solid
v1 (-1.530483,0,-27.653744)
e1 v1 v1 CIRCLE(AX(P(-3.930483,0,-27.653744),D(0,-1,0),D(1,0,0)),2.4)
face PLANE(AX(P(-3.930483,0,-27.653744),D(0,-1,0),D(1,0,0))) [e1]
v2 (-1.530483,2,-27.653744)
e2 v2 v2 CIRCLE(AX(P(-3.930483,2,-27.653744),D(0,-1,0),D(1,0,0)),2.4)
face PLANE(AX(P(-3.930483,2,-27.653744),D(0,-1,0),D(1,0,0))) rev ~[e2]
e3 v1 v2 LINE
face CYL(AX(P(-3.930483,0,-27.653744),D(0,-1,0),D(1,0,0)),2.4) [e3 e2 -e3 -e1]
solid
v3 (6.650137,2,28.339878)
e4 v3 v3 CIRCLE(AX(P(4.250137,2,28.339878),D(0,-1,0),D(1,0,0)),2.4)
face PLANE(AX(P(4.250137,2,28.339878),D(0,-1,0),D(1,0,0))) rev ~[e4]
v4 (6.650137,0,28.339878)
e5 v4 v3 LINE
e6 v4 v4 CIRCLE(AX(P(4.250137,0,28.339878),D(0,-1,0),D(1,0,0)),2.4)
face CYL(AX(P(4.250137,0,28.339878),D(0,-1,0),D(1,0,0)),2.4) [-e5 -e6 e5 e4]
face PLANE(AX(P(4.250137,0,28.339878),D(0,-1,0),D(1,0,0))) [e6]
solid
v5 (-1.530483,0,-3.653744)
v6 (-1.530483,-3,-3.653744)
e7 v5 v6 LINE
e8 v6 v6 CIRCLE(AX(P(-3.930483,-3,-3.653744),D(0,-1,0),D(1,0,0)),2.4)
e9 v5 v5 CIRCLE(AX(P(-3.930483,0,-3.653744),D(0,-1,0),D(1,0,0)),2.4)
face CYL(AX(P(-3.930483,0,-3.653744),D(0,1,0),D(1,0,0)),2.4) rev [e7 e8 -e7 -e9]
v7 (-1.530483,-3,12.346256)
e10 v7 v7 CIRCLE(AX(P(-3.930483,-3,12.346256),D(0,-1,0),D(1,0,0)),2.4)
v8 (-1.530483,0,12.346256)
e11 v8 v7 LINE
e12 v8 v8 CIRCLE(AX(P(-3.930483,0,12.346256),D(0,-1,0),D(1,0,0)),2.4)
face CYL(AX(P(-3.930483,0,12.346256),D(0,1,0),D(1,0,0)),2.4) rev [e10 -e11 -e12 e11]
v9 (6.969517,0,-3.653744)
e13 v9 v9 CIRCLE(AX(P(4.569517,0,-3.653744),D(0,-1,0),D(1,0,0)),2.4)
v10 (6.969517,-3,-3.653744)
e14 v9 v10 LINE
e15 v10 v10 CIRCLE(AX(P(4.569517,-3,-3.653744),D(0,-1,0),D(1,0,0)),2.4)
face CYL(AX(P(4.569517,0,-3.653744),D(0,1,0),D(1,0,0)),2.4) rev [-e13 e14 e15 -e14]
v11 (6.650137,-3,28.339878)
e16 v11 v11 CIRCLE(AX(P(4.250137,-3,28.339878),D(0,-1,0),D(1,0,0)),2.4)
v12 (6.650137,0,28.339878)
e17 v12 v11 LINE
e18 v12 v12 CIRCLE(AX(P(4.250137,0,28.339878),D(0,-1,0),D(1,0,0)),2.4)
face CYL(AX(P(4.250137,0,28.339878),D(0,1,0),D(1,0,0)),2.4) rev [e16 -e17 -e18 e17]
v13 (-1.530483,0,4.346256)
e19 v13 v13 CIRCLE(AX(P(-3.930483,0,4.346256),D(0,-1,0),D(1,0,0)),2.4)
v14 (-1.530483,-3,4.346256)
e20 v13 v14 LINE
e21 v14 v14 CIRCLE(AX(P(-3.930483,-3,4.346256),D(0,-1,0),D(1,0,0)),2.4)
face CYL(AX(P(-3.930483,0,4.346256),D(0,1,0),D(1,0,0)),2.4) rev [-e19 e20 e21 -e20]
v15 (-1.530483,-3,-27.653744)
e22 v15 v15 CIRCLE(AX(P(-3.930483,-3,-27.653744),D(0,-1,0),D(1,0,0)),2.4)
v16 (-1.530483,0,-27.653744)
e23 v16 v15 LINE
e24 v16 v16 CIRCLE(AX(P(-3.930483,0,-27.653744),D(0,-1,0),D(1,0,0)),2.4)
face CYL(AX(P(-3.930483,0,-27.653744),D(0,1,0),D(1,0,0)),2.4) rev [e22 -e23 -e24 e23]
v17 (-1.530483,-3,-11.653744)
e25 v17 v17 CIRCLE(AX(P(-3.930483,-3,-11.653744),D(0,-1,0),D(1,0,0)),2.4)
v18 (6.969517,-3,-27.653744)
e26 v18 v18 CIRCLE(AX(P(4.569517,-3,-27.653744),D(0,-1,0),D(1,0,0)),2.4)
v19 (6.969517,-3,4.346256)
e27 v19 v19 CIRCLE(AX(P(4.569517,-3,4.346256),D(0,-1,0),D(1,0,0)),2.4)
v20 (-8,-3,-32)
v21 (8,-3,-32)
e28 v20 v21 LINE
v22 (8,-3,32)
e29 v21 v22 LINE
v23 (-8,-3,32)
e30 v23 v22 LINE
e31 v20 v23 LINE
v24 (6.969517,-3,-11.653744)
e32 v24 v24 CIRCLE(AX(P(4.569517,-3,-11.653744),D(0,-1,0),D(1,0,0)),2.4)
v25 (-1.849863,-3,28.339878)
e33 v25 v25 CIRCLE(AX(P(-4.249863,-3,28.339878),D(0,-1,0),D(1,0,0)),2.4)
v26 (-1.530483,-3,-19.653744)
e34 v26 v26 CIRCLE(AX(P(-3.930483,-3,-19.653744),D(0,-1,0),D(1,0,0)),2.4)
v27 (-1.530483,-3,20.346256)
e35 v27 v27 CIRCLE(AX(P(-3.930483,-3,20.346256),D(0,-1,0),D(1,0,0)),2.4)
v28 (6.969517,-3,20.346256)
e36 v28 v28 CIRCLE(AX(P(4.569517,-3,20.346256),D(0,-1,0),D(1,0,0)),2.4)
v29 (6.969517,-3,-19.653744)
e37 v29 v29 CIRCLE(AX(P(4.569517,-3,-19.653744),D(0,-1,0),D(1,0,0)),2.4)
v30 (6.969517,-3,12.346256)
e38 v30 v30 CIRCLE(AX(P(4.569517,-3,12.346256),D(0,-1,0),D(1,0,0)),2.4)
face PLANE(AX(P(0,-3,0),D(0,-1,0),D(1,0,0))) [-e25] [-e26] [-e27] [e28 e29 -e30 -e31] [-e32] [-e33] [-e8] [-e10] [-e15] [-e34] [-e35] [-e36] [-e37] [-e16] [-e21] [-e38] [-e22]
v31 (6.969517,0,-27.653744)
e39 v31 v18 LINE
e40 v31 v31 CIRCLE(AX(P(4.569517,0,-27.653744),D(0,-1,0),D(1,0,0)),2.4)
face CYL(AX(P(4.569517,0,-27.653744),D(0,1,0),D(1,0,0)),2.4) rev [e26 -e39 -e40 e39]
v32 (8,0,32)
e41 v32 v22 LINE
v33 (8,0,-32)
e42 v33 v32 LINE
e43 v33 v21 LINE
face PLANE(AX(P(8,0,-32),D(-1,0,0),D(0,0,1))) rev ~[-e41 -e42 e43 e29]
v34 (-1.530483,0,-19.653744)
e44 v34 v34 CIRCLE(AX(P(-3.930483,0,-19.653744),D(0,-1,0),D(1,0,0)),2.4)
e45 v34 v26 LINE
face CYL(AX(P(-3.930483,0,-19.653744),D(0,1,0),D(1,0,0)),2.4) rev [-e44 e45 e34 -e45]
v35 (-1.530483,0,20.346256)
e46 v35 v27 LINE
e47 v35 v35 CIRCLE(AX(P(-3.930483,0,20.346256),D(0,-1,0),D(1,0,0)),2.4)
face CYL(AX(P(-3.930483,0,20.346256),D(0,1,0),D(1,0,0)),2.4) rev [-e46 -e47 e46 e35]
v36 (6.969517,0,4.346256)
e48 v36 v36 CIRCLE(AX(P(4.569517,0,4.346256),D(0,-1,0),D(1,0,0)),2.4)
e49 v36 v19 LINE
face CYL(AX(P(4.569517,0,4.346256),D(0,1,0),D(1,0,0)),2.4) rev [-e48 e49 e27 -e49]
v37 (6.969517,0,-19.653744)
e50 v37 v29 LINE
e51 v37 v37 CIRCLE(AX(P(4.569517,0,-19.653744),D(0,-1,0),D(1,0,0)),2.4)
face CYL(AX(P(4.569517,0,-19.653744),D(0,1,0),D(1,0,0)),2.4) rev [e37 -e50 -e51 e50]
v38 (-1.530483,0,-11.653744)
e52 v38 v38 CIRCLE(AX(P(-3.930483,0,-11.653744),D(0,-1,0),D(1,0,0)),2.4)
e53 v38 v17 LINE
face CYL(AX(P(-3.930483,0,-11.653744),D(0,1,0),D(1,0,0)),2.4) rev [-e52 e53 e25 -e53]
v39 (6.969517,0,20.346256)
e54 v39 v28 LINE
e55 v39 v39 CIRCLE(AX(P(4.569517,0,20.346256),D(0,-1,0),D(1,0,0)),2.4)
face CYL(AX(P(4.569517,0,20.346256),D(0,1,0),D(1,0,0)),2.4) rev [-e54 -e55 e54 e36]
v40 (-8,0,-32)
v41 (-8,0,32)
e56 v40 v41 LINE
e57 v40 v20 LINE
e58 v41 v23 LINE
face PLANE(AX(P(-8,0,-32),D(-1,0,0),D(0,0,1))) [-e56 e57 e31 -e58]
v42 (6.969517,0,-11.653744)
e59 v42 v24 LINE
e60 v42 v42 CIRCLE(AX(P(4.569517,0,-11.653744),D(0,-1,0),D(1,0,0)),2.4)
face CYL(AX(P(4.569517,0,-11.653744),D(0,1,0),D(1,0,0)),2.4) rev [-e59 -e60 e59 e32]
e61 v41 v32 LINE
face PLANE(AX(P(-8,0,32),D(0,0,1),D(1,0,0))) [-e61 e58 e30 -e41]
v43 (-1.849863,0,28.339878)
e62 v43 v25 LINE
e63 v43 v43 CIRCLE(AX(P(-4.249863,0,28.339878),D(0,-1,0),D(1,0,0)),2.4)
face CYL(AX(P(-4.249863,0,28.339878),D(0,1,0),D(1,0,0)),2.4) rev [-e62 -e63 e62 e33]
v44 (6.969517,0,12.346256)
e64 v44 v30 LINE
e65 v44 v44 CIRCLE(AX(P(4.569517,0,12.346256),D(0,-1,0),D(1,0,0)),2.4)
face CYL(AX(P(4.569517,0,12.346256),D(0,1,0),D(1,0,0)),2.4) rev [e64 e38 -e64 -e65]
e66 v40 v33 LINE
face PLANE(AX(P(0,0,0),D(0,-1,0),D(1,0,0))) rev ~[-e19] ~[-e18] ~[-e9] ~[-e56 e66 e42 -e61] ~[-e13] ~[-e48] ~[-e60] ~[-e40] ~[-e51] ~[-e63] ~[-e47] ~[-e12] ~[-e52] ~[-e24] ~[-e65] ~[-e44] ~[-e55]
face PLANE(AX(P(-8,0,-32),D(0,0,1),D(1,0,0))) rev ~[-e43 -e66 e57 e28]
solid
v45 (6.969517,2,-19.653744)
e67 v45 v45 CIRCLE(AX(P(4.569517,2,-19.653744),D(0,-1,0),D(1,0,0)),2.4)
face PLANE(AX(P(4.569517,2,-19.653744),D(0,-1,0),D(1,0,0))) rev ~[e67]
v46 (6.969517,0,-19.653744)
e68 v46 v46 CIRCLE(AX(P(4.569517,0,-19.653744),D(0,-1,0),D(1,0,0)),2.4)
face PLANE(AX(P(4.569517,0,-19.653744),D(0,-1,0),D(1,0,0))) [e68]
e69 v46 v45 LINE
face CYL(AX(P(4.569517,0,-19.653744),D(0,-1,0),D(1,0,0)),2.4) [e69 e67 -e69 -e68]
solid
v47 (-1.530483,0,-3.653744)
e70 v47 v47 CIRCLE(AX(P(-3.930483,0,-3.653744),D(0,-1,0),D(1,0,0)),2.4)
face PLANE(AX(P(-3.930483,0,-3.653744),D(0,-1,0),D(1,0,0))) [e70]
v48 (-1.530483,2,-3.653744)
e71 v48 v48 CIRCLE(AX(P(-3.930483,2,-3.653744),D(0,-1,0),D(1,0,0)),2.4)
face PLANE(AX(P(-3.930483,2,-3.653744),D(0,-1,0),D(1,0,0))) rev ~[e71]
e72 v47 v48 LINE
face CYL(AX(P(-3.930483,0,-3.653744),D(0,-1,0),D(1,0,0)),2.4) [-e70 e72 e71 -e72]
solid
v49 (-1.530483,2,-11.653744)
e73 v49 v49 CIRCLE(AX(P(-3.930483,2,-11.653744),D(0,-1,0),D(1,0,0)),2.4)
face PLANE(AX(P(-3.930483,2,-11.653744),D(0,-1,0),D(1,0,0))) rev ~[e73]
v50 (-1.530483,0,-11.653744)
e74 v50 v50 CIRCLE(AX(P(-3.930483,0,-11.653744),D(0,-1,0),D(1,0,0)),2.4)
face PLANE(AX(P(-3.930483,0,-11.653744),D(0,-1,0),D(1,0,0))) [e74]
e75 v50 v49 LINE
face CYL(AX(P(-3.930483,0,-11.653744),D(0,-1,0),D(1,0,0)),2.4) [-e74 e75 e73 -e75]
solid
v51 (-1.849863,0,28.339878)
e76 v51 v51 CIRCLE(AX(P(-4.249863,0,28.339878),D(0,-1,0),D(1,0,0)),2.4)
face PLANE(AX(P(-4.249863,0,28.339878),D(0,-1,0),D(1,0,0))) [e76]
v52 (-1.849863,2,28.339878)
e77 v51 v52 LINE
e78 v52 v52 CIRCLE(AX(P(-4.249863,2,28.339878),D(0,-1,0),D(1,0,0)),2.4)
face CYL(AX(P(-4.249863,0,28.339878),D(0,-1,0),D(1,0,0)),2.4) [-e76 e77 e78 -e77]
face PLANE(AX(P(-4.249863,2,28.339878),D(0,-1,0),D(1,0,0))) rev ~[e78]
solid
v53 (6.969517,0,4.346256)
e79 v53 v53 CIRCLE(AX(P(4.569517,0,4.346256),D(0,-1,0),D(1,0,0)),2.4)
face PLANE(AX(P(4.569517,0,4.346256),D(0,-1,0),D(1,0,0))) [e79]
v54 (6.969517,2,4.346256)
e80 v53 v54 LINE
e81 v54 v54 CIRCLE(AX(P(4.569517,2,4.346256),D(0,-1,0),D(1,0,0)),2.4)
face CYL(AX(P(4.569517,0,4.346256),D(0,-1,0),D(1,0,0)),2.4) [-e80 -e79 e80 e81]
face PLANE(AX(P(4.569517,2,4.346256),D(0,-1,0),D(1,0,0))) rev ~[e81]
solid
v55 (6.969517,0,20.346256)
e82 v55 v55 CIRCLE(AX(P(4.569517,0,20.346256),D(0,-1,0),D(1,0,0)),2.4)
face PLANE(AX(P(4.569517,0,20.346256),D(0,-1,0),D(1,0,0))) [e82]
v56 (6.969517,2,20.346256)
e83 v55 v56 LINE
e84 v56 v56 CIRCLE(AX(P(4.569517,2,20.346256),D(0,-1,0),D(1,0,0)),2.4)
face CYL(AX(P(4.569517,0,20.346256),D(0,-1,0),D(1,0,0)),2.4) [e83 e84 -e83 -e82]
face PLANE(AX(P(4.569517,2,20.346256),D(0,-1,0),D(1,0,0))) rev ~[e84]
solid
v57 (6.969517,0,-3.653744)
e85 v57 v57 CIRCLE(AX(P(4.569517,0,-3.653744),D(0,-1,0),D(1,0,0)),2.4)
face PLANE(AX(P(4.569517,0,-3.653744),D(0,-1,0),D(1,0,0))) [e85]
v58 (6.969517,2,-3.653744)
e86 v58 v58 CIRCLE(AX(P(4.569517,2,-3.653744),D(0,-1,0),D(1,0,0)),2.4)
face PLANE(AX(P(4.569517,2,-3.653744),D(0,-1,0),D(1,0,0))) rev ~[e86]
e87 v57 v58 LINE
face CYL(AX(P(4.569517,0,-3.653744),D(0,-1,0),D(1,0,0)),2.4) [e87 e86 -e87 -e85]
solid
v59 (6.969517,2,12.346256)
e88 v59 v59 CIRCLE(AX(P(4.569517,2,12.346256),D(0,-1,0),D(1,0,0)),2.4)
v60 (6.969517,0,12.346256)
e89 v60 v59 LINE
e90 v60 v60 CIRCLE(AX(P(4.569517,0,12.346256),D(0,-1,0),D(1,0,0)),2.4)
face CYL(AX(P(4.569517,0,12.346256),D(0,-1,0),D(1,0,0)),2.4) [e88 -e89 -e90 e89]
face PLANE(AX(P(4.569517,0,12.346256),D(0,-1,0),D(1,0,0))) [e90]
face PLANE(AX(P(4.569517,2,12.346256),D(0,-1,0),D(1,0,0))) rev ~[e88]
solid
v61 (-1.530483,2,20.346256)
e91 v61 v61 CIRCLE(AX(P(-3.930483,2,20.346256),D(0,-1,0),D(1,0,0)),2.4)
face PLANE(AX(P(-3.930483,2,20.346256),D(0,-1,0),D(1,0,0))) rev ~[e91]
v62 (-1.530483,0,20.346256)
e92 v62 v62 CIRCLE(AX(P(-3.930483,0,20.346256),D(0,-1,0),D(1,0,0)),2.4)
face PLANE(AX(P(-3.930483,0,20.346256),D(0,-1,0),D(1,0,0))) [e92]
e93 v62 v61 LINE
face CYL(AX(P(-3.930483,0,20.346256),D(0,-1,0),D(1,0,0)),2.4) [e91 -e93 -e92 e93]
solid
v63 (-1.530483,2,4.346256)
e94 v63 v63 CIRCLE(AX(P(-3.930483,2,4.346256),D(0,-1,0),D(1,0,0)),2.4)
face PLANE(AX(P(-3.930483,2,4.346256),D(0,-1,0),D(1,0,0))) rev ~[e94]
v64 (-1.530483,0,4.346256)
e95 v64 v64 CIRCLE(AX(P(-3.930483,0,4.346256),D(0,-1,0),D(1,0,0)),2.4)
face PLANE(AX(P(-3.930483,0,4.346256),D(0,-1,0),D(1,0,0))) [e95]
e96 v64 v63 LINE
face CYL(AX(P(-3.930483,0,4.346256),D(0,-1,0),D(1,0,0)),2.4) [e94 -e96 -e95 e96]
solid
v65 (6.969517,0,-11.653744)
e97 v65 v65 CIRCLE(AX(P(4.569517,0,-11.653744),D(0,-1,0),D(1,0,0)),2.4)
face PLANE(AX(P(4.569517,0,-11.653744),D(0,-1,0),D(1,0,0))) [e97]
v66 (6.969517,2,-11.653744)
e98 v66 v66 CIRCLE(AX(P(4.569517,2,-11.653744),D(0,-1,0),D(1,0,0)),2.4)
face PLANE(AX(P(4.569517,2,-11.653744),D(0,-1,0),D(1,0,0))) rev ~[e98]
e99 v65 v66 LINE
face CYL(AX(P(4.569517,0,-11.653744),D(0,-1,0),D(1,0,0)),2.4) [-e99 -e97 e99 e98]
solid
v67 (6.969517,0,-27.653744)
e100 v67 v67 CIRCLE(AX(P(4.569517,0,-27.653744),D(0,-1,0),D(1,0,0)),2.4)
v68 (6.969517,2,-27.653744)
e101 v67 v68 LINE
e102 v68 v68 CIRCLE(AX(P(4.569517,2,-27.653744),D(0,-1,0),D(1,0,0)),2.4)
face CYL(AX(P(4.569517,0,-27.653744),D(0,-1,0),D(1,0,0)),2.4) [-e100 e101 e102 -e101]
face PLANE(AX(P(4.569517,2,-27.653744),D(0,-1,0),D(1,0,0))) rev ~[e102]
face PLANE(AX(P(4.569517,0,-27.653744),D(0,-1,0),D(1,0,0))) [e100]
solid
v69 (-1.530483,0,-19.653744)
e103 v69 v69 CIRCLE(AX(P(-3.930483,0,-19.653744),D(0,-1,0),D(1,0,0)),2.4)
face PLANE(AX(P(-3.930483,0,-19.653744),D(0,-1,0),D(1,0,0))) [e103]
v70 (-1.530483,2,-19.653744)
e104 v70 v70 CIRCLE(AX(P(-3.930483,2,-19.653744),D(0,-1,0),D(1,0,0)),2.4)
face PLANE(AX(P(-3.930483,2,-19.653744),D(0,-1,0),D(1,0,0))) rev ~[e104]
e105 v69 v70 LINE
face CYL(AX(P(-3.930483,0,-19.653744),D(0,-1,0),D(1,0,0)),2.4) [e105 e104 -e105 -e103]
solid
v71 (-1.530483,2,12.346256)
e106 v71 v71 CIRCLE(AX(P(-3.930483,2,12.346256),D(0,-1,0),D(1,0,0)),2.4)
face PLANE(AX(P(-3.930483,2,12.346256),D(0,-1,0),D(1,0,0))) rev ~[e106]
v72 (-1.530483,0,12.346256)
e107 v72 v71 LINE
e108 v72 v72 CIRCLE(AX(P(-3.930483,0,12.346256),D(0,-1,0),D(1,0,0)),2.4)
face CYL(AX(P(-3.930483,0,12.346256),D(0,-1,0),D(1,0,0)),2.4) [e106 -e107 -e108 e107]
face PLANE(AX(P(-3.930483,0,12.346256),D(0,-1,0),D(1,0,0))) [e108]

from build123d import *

# Parameters (mm, degrees)
F0_W     = 16
F0_H     = 64
F0_R     = 2.4
F1_DEPTH = 3
F2_DEPTH = 2


with BuildPart() as f1:
    # F0 (on Front) → F1 (new body)
    with BuildSketch(Plane.XZ):
        Rectangle(F0_W, F0_H)
        with Locations((-3.930483, -27.653744)):
            Circle(F0_R, mode=Mode.SUBTRACT)
        with Locations((-3.930483, -19.653744)):
            Circle(F0_R, mode=Mode.SUBTRACT)
        with Locations((-3.930483, -11.653744)):
            Circle(F0_R, mode=Mode.SUBTRACT)
        with Locations((-3.930483, -3.653744)):
            Circle(F0_R, mode=Mode.SUBTRACT)
        with Locations((4.569517, -27.653744)):
            Circle(F0_R, mode=Mode.SUBTRACT)
        with Locations((4.569517, -19.653744)):
            Circle(F0_R, mode=Mode.SUBTRACT)
        with Locations((4.569517, -11.653744)):
            Circle(F0_R, mode=Mode.SUBTRACT)
        with Locations((4.569517, -3.653744)):
            Circle(F0_R, mode=Mode.SUBTRACT)
        with Locations((-3.930483, 4.346256)):
            Circle(F0_R, mode=Mode.SUBTRACT)
        with Locations((-3.930483, 12.346256)):
            Circle(F0_R, mode=Mode.SUBTRACT)
        with Locations((-4.249863, 28.339878)):
            Circle(F0_R, mode=Mode.SUBTRACT)
        with Locations((-3.930483, 20.346256)):
            Circle(F0_R, mode=Mode.SUBTRACT)
        with Locations((4.569517, 4.346256)):
            Circle(F0_R, mode=Mode.SUBTRACT)
        with Locations((4.569517, 12.346256)):
            Circle(F0_R, mode=Mode.SUBTRACT)
        with Locations((4.569517, 20.346256)):
            Circle(F0_R, mode=Mode.SUBTRACT)
        with Locations((4.250137, 28.339878)):
            Circle(F0_R, mode=Mode.SUBTRACT)
    extrude(amount=F1_DEPTH)

    # F0 (on Front) → F2 (join)
    with BuildSketch(Plane.XZ):
        with Locations((-4.249863, 28.339878)):
            Circle(F0_R)
        with Locations((-3.930483, 20.346256)):
            Circle(F0_R)
        with Locations((-3.930483, 12.346256)):
            Circle(F0_R)
        with Locations((-3.930483, 4.346256)):
            Circle(F0_R)
        with Locations((-3.930483, -3.653744)):
            Circle(F0_R)
        with Locations((-3.930483, -11.653744)):
            Circle(F0_R)
        with Locations((-3.930483, -19.653744)):
            Circle(F0_R)
        with Locations((-3.930483, -27.653744)):
            Circle(F0_R)
        with Locations((4.250137, 28.339878)):
            Circle(F0_R)
        with Locations((4.569517, 20.346256)):
            Circle(F0_R)
        with Locations((4.569517, 4.346256)):
            Circle(F0_R)
        with Locations((4.569517, 12.346256)):
            Circle(F0_R)
        with Locations((4.569517, -3.653744)):
            Circle(F0_R)
        with Locations((4.569517, -11.653744)):
            Circle(F0_R)
        with Locations((4.569517, -19.653744)):
            Circle(F0_R)
        with Locations((4.569517, -27.653744)):
            Circle(F0_R)
    extrude(amount=-F2_DEPTH)


solid = f1.part
